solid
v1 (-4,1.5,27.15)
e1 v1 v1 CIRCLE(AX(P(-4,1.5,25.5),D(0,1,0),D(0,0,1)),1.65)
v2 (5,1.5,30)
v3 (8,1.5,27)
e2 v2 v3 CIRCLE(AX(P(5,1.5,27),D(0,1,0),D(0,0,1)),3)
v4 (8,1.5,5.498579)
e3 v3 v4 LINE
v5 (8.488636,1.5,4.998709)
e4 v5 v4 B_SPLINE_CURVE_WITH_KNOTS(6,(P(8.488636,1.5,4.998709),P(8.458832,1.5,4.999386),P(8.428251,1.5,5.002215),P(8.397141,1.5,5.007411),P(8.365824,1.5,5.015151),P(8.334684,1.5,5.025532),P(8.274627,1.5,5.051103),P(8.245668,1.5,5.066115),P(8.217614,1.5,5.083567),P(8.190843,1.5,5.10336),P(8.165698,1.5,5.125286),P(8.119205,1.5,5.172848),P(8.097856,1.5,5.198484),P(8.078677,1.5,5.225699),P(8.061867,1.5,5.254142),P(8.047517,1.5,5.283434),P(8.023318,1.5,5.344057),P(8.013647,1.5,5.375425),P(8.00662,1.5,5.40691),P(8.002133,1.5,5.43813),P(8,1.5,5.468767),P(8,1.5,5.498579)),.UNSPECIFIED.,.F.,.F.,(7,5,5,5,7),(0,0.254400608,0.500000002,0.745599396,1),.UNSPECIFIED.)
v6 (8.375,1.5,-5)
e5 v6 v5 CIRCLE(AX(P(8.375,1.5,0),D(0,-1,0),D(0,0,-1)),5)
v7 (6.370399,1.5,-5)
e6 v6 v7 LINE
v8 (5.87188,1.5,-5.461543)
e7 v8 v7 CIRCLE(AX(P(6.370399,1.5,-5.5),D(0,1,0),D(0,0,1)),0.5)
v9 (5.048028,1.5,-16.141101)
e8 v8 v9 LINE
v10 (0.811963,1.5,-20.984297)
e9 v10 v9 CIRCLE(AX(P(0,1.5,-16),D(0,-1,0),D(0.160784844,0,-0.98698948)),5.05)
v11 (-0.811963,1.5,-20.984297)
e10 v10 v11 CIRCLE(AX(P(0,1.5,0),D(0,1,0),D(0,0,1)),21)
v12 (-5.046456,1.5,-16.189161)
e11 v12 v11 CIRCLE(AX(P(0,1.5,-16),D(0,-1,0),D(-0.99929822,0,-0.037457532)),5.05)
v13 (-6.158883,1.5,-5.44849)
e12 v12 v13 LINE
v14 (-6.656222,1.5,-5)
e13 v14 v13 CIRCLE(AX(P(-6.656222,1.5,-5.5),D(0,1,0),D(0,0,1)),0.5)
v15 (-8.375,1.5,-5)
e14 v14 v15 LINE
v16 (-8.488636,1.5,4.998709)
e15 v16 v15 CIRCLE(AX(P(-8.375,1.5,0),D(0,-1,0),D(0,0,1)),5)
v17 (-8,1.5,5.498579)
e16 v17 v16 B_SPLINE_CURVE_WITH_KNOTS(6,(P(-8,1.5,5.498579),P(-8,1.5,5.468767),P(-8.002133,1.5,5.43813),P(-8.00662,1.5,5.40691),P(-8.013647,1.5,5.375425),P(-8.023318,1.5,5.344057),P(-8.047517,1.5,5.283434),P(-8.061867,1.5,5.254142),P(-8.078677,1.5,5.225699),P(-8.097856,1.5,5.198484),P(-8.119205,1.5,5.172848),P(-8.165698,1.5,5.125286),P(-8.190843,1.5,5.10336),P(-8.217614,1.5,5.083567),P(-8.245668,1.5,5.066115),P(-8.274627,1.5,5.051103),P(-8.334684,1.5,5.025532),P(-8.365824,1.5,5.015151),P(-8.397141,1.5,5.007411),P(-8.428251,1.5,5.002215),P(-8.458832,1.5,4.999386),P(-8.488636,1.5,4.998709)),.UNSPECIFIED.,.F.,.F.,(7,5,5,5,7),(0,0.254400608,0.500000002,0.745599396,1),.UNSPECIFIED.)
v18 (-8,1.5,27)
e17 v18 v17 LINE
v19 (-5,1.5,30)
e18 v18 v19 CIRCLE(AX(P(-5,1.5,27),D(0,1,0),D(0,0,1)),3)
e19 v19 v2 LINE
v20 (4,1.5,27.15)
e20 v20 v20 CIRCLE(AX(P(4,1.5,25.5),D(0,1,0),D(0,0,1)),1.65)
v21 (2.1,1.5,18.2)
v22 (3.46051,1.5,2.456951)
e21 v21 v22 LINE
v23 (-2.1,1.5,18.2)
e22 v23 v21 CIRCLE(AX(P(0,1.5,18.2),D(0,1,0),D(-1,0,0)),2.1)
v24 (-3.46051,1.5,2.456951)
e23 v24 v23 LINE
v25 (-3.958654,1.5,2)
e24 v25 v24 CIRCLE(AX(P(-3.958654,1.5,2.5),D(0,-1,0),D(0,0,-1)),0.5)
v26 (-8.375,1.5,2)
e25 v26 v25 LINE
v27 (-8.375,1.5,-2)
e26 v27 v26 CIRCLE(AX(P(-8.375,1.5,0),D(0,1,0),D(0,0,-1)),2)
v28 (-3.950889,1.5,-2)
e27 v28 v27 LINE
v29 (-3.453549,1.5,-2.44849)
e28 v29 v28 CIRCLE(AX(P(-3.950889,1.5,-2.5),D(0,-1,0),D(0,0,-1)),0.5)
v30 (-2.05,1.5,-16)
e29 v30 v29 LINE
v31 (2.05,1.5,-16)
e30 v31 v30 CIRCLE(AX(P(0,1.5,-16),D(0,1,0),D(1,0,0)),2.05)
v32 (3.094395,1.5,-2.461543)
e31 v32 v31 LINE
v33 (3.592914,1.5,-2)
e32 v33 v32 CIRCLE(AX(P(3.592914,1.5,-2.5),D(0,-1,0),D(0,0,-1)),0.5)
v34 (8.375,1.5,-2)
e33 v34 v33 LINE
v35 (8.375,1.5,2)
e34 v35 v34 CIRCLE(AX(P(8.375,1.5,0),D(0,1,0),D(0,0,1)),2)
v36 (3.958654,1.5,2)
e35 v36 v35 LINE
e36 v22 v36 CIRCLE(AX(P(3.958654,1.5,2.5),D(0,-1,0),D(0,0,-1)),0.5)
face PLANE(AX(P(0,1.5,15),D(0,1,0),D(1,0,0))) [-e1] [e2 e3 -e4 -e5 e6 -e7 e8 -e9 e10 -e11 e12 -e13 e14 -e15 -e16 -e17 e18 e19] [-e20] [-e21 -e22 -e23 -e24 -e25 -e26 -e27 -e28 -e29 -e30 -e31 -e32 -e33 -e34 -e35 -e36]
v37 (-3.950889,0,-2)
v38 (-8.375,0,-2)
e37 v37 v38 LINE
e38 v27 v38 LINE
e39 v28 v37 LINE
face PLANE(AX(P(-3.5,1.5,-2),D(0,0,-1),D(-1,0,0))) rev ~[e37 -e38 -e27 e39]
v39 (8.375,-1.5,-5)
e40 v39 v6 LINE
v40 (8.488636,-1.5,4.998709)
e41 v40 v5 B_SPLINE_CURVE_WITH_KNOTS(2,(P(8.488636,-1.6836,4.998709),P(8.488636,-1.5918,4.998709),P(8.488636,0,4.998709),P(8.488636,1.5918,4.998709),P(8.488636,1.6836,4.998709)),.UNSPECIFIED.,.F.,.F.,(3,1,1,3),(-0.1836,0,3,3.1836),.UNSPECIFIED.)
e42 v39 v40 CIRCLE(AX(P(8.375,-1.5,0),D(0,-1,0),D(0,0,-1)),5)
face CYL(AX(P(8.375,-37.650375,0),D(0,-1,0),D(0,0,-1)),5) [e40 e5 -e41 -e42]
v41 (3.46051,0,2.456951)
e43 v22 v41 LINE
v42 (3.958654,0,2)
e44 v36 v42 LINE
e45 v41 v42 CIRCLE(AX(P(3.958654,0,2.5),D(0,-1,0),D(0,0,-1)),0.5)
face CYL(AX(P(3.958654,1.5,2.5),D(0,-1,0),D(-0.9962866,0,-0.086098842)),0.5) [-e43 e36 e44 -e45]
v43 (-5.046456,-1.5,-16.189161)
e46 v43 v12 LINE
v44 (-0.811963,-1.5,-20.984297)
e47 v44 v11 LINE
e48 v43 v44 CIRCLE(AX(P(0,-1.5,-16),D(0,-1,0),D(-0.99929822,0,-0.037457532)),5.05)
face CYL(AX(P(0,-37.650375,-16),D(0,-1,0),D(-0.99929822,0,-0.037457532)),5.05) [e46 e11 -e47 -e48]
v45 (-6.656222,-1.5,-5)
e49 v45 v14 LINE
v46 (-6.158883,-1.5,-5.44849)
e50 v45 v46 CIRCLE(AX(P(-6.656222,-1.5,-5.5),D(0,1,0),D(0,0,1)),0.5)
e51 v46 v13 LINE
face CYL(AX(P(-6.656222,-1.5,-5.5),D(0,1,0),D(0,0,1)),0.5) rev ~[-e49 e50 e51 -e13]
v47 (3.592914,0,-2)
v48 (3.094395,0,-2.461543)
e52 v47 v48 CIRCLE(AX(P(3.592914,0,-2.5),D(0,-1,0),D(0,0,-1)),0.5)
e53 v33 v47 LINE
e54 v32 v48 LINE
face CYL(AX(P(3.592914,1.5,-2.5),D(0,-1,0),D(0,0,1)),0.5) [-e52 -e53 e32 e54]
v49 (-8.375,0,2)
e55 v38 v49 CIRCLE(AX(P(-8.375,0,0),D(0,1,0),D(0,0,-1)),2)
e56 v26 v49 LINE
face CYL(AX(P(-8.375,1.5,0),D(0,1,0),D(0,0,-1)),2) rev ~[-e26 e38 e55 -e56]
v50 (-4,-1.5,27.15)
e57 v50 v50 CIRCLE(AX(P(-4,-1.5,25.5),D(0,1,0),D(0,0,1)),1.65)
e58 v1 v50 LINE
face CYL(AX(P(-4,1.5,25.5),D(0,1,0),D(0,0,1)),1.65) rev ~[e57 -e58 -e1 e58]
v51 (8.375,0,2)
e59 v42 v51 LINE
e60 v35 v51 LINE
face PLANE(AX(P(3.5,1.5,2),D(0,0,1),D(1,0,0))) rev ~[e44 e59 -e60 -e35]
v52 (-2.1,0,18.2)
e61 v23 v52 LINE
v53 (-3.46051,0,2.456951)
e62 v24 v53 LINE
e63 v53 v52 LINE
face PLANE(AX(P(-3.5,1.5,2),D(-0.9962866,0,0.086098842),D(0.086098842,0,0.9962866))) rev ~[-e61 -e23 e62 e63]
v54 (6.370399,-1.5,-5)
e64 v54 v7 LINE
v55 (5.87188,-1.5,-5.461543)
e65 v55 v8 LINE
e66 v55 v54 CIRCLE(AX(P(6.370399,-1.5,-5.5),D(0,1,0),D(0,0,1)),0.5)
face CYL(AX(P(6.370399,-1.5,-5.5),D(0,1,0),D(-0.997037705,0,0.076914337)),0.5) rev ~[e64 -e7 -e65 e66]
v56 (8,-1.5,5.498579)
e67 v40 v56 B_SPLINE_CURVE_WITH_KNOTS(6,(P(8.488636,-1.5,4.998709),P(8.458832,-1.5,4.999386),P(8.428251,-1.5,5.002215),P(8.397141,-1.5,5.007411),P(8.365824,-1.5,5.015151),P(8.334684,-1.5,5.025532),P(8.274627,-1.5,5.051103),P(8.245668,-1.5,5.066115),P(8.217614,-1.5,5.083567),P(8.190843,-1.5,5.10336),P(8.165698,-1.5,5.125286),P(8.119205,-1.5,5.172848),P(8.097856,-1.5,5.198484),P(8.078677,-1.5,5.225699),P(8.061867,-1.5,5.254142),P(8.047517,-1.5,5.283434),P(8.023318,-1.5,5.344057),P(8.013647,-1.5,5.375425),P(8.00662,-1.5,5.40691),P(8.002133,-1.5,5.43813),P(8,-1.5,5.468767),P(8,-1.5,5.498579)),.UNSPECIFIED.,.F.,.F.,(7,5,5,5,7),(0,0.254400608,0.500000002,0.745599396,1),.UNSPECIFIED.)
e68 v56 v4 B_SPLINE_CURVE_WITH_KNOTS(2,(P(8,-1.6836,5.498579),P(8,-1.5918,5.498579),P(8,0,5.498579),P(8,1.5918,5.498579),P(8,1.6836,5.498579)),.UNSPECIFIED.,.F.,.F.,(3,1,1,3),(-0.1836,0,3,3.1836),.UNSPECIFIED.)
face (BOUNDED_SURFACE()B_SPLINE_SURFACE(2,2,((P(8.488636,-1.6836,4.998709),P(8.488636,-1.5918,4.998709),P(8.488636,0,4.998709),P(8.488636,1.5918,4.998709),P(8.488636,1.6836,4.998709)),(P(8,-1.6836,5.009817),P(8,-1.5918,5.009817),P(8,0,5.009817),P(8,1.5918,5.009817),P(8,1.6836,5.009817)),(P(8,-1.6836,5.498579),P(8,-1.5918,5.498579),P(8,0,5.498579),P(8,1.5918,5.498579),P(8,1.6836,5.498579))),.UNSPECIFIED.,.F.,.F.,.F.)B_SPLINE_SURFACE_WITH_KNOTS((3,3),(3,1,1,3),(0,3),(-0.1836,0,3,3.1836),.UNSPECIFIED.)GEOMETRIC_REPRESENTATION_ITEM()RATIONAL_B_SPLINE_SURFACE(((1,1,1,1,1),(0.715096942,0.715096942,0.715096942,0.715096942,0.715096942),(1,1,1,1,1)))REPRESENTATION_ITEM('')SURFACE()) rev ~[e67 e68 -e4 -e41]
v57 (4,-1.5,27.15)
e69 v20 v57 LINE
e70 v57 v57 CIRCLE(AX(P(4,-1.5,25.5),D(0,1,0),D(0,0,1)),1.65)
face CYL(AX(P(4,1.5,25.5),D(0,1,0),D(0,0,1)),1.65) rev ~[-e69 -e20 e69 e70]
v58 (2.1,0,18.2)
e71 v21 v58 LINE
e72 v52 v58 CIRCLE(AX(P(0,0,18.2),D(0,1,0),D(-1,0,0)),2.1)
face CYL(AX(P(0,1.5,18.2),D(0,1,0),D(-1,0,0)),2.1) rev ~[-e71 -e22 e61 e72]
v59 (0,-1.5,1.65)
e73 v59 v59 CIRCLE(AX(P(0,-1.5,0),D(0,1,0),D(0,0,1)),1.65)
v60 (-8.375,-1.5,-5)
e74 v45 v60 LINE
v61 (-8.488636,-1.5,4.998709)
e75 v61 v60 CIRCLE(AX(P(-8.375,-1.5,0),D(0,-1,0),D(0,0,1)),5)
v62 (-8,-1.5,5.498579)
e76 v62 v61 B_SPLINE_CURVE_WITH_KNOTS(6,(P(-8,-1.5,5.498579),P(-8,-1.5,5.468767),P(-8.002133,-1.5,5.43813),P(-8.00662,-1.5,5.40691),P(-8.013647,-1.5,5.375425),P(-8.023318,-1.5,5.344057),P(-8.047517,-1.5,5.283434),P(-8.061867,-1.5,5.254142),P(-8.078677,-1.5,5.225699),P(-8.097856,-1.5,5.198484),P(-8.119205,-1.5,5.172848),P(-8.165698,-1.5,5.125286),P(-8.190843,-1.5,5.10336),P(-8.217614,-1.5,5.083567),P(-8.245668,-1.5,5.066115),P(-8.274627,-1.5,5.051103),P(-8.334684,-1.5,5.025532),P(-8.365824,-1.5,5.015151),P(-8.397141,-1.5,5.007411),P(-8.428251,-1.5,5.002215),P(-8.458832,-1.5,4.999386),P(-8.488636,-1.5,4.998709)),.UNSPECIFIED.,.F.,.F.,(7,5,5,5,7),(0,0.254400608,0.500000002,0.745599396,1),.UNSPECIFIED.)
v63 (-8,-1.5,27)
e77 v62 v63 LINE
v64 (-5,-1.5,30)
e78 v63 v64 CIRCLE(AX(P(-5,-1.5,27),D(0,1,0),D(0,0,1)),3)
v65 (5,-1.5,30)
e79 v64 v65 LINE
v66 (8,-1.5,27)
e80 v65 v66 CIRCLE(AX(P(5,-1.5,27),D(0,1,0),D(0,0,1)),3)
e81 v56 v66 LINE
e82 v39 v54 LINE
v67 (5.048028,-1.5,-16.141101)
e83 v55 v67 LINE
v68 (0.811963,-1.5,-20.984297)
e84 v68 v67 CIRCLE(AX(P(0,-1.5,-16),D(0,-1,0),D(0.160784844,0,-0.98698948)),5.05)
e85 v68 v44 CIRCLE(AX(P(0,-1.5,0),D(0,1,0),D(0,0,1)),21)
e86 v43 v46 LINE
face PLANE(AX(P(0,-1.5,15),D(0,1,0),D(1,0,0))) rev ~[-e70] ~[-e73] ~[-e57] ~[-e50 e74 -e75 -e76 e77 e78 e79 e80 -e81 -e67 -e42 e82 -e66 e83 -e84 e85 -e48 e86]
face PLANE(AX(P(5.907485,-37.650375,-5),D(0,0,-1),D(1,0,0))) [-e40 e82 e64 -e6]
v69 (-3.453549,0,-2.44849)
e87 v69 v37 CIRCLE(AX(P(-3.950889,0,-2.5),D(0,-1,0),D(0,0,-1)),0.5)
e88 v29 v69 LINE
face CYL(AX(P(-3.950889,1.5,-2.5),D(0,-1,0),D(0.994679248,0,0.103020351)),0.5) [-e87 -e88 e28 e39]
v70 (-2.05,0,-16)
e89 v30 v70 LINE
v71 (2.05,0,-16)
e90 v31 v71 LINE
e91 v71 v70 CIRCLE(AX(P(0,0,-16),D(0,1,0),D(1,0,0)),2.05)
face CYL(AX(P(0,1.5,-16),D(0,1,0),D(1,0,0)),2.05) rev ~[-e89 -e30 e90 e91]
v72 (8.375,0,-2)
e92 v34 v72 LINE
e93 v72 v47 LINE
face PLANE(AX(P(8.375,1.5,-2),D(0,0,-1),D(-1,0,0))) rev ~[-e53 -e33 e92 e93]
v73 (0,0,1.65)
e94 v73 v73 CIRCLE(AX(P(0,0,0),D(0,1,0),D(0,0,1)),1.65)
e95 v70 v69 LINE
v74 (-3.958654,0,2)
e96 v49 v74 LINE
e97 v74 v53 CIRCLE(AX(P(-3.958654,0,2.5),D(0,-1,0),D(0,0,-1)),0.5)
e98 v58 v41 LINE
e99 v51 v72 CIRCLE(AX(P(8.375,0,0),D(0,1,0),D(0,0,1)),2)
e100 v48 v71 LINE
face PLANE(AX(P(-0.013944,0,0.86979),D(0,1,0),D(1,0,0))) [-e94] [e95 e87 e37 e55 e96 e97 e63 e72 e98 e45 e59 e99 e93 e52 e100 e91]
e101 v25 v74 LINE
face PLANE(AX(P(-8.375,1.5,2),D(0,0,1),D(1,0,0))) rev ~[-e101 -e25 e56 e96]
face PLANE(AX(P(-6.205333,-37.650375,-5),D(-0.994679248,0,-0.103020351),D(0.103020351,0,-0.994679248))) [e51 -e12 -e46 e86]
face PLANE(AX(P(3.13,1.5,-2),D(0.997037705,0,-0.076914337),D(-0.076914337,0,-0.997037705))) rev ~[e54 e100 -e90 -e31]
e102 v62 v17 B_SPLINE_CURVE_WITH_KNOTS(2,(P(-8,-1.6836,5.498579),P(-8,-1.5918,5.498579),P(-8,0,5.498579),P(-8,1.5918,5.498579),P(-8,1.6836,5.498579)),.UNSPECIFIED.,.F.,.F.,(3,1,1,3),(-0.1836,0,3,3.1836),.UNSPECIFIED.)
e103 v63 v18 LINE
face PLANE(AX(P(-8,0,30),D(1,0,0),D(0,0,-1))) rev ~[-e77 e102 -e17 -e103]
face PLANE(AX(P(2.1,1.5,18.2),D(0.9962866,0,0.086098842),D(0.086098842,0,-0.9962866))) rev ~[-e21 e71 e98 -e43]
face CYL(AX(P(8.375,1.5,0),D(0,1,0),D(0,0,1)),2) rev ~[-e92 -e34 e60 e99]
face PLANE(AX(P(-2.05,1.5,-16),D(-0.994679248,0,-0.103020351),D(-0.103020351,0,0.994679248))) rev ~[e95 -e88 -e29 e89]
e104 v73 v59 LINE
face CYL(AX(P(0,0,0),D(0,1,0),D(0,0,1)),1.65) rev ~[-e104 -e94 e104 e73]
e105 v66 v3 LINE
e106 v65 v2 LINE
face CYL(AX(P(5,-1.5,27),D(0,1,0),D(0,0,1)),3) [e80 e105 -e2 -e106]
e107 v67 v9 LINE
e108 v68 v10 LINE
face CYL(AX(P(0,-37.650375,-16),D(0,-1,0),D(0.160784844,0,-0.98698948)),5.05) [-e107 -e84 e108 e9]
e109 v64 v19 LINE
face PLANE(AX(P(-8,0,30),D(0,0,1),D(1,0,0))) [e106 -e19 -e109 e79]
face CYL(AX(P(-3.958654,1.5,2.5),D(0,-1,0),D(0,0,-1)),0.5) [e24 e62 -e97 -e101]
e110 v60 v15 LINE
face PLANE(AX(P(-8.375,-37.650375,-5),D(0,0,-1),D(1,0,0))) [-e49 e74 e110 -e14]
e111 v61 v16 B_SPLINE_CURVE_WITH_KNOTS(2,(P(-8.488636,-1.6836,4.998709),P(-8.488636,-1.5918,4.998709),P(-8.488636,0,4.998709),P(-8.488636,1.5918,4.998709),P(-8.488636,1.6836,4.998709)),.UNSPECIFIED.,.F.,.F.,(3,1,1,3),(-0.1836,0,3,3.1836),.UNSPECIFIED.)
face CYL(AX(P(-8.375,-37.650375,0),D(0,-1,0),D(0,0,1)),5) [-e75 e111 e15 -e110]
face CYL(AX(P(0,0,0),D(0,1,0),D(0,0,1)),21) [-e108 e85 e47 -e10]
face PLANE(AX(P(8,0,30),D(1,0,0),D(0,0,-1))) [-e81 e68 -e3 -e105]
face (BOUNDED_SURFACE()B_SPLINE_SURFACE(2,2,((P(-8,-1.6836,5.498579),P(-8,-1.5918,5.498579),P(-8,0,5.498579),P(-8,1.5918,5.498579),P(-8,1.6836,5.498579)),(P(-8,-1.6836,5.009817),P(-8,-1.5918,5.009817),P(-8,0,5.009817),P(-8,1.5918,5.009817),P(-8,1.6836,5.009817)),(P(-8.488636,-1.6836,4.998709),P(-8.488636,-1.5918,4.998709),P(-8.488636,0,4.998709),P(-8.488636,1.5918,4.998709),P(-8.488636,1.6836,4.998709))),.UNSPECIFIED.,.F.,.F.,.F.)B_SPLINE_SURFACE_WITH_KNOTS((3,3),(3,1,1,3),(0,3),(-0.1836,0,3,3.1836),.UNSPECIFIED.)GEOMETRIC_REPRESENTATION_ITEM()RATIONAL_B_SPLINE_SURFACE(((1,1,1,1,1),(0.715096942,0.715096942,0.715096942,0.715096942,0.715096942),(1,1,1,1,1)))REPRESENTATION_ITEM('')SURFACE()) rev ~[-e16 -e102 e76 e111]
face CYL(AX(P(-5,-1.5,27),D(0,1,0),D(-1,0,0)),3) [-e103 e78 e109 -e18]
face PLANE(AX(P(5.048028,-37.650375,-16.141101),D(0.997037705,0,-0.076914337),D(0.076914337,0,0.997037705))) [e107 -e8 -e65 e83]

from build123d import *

# Parameters (mm, degrees)
SKETCH1_R               = 21
BOSS_EXTRUDE1_DEPTH     = 1.5
SKETCH5_W               = 16
SKETCH5_H               = 30
BOSS_EXTRUDE2_DEPTH     = 1.5
CUT_EXTRUDE1_DEPTH      = 1.5
CUT_EXTRUDE4_REACH      = 38.65
SKETCH4_R               = 1.65
CUT_EXTRUDE5_REACH      = 38.742
SKETCH6_R               = 1.65
CUT_EXTRUDE6_DEPTH      = 37.650375169
CUT_EXTRUDE6_DEPTH_BACK = 37.650375169
FILLET3_R               = 0.5
FILLET4_R               = 3


with BuildPart() as part:
    # Sketch1 → Boss-Extrude1 (new, symmetric)
    with BuildSketch(Plane(origin=(0, 0, 0), x_dir=(1, 0, 0), z_dir=(0, 1, 0))):
        with Locations(Location((0, 0, 0), (0, 0, 270))):
            Circle(SKETCH1_R)
    extrude(amount=BOSS_EXTRUDE1_DEPTH, both=True)

    # Sketch5 → Boss-Extrude2 (add, symmetric)
    with BuildSketch(Plane(origin=(0, 0, 0), x_dir=(1, 0, 0), z_dir=(0, 1, 0))):
        with Locations((0, -15)):
            Rectangle(SKETCH5_W, SKETCH5_H)
    extrude(amount=BOSS_EXTRUDE2_DEPTH, both=True)

    # Sketch2 → Cut-Extrude1 (cut)
    with BuildSketch(Plane(origin=(0, 1.5, 0), x_dir=(1, 0, 0), z_dir=(0, 1, 0))):
        with BuildLine():
            Line((-3.5, -2), (-2.1, -18.2))
            ThreePointArc((-2.1, -18.2), (0, -20.3), (2.1, -18.2))
            Line((2.1, -18.2), (3.5, -2))
            Line((3.5, -2), (8.375, -2))
            ThreePointArc((8.375, -2), (10.375, 0), (8.375, 2))
            Line((8.375, 2), (3.13, 2))
            Line((3.13, 2), (2.05, 16))
            ThreePointArc((2.05, 16), (0, 18.05), (-2.05, 16))
            Line((-2.05, 16), (-3.5, 2))
            Line((-3.5, 2), (-8.375, 2))
            ThreePointArc((-8.375, 2), (-10.375, 0), (-8.375, -2))
            Line((-8.375, -2), (-3.5, -2))
        make_face()
    extrude(amount=-CUT_EXTRUDE1_DEPTH, mode=Mode.SUBTRACT)

    # Sketch4 → Cut-Extrude4 (cut, up to next)
    with BuildSketch(Plane(origin=(0, 0, 0), x_dir=(1, 0, 0), z_dir=(0, 1, 0)), mode=Mode.PRIVATE) as cut_extrude4_sk1:
        with Locations(Location((0, 0, 0), (0, 0, 270))):
            Circle(SKETCH4_R)
    cut_extrude4_tool1 = extrude(cut_extrude4_sk1.sketch, amount=-CUT_EXTRUDE4_REACH, mode=Mode.PRIVATE) & part.part
    add(cut_extrude4_tool1.solids().sort_by_distance((0, 0, 0))[0], mode=Mode.SUBTRACT)

    # Sketch6 → Cut-Extrude5 (cut, up to next)
    with BuildSketch(Plane(origin=(0, 1.5, 0), x_dir=(1, 0, 0), z_dir=(0, 1, 0)), mode=Mode.PRIVATE) as cut_extrude5_sk1:
        with Locations(Location((4, -25.5, 0), (0, 0, 270))):
            Circle(SKETCH6_R)
    cut_extrude5_tool1 = extrude(cut_extrude5_sk1.sketch, amount=-CUT_EXTRUDE5_REACH, mode=Mode.PRIVATE) & part.part
    # Sketch6 → Cut-Extrude5 (cut, up to next)
    with BuildSketch(Plane(origin=(0, 1.5, 0), x_dir=(1, 0, 0), z_dir=(0, 1, 0)), mode=Mode.PRIVATE) as cut_extrude5_sk2:
        with Locations(Location((-4, -25.5, 0), (0, 0, 270))):
            Circle(SKETCH6_R)
    cut_extrude5_tool2 = extrude(cut_extrude5_sk2.sketch, amount=-CUT_EXTRUDE5_REACH, mode=Mode.PRIVATE) & part.part
    add(cut_extrude5_tool1.solids().sort_by_distance((4, 1.5, 25.5))[0], mode=Mode.SUBTRACT)
    add(cut_extrude5_tool2.solids().sort_by_distance((-4, 1.5, 25.5))[0], mode=Mode.SUBTRACT)

    # Sketch7 → Cut-Extrude6 (cut, two sides: drawn at the far end of the back side and taken through both)
    with BuildSketch(Plane(origin=(0, 0, 0), x_dir=(1, 0, 0), z_dir=(0, 1, 0)).offset(-CUT_EXTRUDE6_DEPTH_BACK)):
        with BuildLine():
            ThreePointArc((-0.811963461, 20.984296875), (-20.675312002, 3.678515137), (-8, -19.416487839))
            Line((-8, -19.416487839), (-8, -5))
            Line((-8, -5), (-8.375, -5))
            ThreePointArc((-8.375, -5), (-13.375, 0), (-8.375, 5))
            Line((-8.375, 5), (-6.205333354, 5))
            Line((-6.205333354, 5), (-5.046456013, 16.189160538))
            ThreePointArc((-5.046456013, 16.189160538), (-3.785314096, 19.342737979), (-0.811963461, 20.984296875))
        make_face()
        with BuildLine():
            ThreePointArc((8, -19.416487839), (20.675312002, 3.678515137), (0.811963461, 20.984296875))
            ThreePointArc((0.811963461, 20.984296875), (3.801185846, 19.324678355), (5.048028391, 16.141100531))
            Line((5.048028391, 16.141100531), (5.907484718, 5))
            Line((5.907484718, 5), (8.375, 5))
            ThreePointArc((8.375, 5), (13.375, 0), (8.375, -5))
            Line((8.375, -5), (8, -5))
            Line((8, -5), (8, -19.416487839))
        make_face()
    extrude(amount=CUT_EXTRUDE6_DEPTH + CUT_EXTRUDE6_DEPTH_BACK, mode=Mode.SUBTRACT)

    # Fillet3
    fillet3_edges = [part.edges().sort_by_distance(p)[0] for p in [
        (-8, 0, 5),
        (8, 0, 5),
        (-3.5, 0.75, -2),
        (3.5, 0.75, 2),
        (3.13, 0.75, -2),
        (-3.5, 0.75, 2),
        (-6.205333354, 0, -5),
        (5.907484718, 0, -5),
    ]]
    fillet(fillet3_edges, radius=FILLET3_R)

    # Fillet4
    fillet4_edges = [part.edges().sort_by_distance(p)[0] for p in [
        (8, 0, 30),
        (-8, 0, 30),
    ]]
    fillet(fillet4_edges, radius=FILLET4_R)


solid = part.part
